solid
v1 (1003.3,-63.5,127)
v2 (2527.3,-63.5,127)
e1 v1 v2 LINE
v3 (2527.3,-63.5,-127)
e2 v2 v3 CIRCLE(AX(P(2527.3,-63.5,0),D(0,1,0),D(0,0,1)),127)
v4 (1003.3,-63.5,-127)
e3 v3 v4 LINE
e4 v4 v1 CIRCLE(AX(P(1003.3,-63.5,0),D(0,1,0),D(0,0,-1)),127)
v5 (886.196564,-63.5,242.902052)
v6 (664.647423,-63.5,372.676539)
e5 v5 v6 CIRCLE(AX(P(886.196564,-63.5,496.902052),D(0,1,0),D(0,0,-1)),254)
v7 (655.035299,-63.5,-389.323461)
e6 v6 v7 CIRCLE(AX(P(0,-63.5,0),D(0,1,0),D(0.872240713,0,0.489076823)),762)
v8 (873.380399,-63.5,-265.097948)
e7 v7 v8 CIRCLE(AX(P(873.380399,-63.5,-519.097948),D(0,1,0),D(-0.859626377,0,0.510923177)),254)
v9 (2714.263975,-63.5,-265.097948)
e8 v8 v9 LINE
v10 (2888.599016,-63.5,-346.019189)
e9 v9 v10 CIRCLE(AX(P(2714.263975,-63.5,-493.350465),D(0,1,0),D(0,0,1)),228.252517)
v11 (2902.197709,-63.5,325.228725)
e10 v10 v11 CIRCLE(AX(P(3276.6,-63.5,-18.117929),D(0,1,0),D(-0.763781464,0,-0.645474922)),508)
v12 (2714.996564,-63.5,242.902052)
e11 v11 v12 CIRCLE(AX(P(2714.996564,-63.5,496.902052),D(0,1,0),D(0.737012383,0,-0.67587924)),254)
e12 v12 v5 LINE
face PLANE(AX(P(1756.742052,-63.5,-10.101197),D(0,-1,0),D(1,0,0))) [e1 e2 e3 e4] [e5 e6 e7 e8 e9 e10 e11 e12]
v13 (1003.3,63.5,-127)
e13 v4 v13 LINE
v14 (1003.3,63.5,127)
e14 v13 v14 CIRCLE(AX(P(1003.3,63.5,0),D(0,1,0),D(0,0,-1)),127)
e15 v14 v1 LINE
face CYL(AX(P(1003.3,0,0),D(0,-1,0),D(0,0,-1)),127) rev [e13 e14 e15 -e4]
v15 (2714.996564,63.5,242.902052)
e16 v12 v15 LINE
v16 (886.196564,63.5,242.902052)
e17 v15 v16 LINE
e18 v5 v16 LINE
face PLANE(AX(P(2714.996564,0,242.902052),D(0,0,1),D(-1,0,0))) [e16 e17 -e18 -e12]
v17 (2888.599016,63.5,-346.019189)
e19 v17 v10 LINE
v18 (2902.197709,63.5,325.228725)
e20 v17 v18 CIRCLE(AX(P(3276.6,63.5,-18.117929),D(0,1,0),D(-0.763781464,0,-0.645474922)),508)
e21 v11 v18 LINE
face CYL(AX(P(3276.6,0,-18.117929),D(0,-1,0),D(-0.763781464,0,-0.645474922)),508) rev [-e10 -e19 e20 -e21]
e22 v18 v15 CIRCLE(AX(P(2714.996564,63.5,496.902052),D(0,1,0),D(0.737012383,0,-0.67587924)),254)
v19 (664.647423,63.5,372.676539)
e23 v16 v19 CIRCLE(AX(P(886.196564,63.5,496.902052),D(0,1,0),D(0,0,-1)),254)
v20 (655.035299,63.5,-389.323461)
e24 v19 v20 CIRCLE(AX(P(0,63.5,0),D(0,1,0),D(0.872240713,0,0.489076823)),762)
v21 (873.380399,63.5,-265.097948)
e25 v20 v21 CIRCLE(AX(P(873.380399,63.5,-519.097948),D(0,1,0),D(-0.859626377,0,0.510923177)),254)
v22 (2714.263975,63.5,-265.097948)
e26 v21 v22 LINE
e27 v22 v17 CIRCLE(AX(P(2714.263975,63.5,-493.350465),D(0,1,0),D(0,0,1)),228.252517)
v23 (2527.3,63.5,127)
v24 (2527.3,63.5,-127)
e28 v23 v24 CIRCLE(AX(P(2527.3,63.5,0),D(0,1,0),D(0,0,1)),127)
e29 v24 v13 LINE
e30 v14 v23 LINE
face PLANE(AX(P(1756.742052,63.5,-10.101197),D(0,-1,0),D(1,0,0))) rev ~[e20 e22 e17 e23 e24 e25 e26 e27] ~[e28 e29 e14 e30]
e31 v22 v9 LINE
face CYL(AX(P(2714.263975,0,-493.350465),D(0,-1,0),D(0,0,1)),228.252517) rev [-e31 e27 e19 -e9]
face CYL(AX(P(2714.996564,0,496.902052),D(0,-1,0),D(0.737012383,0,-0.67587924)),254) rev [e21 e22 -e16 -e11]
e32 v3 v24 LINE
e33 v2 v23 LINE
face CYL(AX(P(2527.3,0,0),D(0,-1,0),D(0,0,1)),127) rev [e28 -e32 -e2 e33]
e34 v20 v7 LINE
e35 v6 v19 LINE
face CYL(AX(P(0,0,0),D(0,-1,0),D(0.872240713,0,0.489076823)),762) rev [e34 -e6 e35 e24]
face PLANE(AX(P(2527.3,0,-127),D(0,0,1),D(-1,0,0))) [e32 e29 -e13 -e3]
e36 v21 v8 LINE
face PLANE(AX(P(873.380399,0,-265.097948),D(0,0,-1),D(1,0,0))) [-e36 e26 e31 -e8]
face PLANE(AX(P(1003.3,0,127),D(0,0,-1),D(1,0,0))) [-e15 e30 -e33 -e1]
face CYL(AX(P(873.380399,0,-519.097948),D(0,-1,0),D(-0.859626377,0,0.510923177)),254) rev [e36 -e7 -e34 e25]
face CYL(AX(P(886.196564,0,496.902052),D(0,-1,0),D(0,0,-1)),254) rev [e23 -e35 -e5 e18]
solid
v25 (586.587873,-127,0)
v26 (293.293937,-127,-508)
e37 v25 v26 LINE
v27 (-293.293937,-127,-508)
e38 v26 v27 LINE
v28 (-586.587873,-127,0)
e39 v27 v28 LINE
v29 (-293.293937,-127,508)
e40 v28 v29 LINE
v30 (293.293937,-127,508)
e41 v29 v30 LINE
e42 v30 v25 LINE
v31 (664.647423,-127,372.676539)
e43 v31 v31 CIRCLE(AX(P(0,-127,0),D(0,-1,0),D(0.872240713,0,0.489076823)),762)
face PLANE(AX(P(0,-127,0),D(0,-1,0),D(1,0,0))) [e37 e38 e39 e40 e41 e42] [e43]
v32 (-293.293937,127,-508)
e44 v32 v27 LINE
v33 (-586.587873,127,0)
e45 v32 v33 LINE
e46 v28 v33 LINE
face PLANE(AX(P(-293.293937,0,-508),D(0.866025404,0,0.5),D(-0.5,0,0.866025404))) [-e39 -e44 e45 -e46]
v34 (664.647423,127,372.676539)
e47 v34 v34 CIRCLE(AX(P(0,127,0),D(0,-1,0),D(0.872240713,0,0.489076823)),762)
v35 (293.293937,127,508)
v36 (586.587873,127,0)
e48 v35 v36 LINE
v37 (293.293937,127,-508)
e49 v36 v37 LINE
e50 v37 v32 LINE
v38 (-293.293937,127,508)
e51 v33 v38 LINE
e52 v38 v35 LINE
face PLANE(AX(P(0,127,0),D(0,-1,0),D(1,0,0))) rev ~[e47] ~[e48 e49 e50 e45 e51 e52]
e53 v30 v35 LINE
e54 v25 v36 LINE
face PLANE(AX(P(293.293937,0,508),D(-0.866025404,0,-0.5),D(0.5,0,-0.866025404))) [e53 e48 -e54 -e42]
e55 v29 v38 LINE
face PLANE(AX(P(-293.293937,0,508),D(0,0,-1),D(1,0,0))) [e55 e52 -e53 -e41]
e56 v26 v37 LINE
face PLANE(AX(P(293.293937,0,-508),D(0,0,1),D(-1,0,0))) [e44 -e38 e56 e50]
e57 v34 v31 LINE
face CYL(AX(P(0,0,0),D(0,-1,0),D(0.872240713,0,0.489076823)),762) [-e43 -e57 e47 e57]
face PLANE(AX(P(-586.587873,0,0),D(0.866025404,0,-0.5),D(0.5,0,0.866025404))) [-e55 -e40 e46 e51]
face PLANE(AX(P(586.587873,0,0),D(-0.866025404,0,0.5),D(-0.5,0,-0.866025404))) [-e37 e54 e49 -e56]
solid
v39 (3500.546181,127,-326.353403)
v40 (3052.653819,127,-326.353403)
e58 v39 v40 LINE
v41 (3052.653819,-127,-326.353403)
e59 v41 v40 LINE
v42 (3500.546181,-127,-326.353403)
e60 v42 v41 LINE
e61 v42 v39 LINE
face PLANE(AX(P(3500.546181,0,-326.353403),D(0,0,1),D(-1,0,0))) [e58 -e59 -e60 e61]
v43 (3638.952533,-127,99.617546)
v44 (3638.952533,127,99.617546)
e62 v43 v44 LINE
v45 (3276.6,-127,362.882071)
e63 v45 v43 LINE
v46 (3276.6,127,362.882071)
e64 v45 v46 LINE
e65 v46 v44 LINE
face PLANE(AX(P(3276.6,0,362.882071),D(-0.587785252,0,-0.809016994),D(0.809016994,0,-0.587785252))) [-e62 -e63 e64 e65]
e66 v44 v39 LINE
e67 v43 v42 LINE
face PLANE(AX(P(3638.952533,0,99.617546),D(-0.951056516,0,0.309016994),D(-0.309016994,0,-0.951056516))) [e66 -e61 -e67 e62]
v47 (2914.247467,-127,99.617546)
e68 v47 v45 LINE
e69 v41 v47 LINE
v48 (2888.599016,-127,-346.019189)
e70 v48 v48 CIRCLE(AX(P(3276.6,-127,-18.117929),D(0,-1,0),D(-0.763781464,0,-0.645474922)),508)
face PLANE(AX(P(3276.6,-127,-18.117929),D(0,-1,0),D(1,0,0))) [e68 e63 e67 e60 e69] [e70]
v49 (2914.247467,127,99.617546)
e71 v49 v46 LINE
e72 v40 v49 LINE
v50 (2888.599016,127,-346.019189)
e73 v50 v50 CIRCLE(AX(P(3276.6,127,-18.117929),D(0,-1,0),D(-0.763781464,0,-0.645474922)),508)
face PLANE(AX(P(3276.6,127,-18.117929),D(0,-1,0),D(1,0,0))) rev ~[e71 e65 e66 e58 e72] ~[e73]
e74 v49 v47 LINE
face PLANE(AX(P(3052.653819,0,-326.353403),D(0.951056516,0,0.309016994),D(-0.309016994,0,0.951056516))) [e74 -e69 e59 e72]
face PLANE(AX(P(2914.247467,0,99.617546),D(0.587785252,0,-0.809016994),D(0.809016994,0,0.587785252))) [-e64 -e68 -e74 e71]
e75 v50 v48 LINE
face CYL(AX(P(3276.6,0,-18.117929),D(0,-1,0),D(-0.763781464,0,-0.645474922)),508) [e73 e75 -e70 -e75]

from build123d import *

# Parameters (mm, degrees)
F1_DEPTH = 127
F2_DEPTH = 63.5


with BuildPart() as f1:
    # F0 (on Front) → F1 (new body, symmetric)
    with BuildSketch(Plane.XZ):
        with BuildLine():
            ThreePointArc((655.0352990122, -389.3234606957), (734.772378988, -201.8750878052), (762, 0))
            ThreePointArc((762, 0), (737.2602445585, 192.5910999853), (664.647423114, 372.6765393043))
            ThreePointArc((664.647423114, 372.6765393043), (-761.9393819521, 9.6113594455), (655.0352990122, -389.3234606957))
        make_face()
        Polygon((-293.2939367483, -508), (-586.5878734967, 0), (-293.2939367483, 508), (293.2939367483, 508), (586.5878734967, 0), (293.2939367483, -508), align=None, mode=Mode.SUBTRACT)
    extrude(amount=F1_DEPTH, both=True)


with BuildPart() as f1b:
    # F0 (on Front) → F1, piece 2 (new body, symmetric)
    with BuildSketch(Plane.XZ):
        with BuildLine():
            ThreePointArc((3784.6, -18.1179286083), (3460.8113411178, 455.3059636949), (2902.1977094347, 325.2287254011))
            ThreePointArc((2902.1977094347, 325.2287254011), (2768.7042145878, -7.8285573693), (2888.5990161929, -346.0191889973))
            ThreePointArc((2888.5990161929, -346.0191889973), (3451.1845070818, -495.1758390207), (3784.6, -18.1179286083))
        make_face()
        Polygon((2914.2474672915, 99.6175462485), (3276.6, 362.8820713917), (3638.9525327085, 99.6175462485), (3500.5461811234, -326.3534034652), (3052.6538188766, -326.3534034652), align=None, mode=Mode.SUBTRACT)
    extrude(amount=F1_DEPTH, both=True)


with BuildPart() as f2:
    # F0 (on Front) → F2 (new body, symmetric)
    with BuildSketch(Plane.XZ):
        with BuildLine():
            ThreePointArc((664.647423114, 372.6765393043), (737.2602445585, 192.5910999853), (762, 0))
            ThreePointArc((762, 0), (734.772378988, -201.8750878052), (655.0352990122, -389.3234606957))
            ThreePointArc((655.0352990122, -389.3234606957), (747.7753025925, -298.3280224773), (873.3803986829, -265.0979475942))
            Line((873.3803986829, -265.0979475942), (2714.26397452, -265.0979475942))
            ThreePointArc((2714.26397452, -265.0979475942), (2810.3641228879, -286.3143010807), (2888.5990161929, -346.0191889973))
            ThreePointArc((2888.5990161929, -346.0191889973), (2768.7042145878, -7.8285573693), (2902.1977094347, 325.2287254011))
            ThreePointArc((2902.1977094347, 325.2287254011), (2817.2486422258, 264.3928858562), (2714.9965641521, 242.9020524058))
            Line((2714.9965641521, 242.9020524058), (886.1965641521, 242.9020524058))
            ThreePointArc((886.1965641521, 242.9020524058), (757.8168156085, 277.733988665), (664.647423114, 372.6765393043))
        make_face()
        with BuildLine():
            Line((1003.3, 127), (1765.3, 127))
            Line((1765.3, 127), (2527.3, 127))
            ThreePointArc((2527.3, 127), (2654.3, 0), (2527.3, -127))
            Line((2527.3, -127), (1003.3, -127))
            ThreePointArc((1003.3, -127), (876.3, 0), (1003.3, 127))
        make_face(mode=Mode.SUBTRACT)
    extrude(amount=F2_DEPTH, both=True)


solid = Compound([f1.part, f1b.part, f2.part])
